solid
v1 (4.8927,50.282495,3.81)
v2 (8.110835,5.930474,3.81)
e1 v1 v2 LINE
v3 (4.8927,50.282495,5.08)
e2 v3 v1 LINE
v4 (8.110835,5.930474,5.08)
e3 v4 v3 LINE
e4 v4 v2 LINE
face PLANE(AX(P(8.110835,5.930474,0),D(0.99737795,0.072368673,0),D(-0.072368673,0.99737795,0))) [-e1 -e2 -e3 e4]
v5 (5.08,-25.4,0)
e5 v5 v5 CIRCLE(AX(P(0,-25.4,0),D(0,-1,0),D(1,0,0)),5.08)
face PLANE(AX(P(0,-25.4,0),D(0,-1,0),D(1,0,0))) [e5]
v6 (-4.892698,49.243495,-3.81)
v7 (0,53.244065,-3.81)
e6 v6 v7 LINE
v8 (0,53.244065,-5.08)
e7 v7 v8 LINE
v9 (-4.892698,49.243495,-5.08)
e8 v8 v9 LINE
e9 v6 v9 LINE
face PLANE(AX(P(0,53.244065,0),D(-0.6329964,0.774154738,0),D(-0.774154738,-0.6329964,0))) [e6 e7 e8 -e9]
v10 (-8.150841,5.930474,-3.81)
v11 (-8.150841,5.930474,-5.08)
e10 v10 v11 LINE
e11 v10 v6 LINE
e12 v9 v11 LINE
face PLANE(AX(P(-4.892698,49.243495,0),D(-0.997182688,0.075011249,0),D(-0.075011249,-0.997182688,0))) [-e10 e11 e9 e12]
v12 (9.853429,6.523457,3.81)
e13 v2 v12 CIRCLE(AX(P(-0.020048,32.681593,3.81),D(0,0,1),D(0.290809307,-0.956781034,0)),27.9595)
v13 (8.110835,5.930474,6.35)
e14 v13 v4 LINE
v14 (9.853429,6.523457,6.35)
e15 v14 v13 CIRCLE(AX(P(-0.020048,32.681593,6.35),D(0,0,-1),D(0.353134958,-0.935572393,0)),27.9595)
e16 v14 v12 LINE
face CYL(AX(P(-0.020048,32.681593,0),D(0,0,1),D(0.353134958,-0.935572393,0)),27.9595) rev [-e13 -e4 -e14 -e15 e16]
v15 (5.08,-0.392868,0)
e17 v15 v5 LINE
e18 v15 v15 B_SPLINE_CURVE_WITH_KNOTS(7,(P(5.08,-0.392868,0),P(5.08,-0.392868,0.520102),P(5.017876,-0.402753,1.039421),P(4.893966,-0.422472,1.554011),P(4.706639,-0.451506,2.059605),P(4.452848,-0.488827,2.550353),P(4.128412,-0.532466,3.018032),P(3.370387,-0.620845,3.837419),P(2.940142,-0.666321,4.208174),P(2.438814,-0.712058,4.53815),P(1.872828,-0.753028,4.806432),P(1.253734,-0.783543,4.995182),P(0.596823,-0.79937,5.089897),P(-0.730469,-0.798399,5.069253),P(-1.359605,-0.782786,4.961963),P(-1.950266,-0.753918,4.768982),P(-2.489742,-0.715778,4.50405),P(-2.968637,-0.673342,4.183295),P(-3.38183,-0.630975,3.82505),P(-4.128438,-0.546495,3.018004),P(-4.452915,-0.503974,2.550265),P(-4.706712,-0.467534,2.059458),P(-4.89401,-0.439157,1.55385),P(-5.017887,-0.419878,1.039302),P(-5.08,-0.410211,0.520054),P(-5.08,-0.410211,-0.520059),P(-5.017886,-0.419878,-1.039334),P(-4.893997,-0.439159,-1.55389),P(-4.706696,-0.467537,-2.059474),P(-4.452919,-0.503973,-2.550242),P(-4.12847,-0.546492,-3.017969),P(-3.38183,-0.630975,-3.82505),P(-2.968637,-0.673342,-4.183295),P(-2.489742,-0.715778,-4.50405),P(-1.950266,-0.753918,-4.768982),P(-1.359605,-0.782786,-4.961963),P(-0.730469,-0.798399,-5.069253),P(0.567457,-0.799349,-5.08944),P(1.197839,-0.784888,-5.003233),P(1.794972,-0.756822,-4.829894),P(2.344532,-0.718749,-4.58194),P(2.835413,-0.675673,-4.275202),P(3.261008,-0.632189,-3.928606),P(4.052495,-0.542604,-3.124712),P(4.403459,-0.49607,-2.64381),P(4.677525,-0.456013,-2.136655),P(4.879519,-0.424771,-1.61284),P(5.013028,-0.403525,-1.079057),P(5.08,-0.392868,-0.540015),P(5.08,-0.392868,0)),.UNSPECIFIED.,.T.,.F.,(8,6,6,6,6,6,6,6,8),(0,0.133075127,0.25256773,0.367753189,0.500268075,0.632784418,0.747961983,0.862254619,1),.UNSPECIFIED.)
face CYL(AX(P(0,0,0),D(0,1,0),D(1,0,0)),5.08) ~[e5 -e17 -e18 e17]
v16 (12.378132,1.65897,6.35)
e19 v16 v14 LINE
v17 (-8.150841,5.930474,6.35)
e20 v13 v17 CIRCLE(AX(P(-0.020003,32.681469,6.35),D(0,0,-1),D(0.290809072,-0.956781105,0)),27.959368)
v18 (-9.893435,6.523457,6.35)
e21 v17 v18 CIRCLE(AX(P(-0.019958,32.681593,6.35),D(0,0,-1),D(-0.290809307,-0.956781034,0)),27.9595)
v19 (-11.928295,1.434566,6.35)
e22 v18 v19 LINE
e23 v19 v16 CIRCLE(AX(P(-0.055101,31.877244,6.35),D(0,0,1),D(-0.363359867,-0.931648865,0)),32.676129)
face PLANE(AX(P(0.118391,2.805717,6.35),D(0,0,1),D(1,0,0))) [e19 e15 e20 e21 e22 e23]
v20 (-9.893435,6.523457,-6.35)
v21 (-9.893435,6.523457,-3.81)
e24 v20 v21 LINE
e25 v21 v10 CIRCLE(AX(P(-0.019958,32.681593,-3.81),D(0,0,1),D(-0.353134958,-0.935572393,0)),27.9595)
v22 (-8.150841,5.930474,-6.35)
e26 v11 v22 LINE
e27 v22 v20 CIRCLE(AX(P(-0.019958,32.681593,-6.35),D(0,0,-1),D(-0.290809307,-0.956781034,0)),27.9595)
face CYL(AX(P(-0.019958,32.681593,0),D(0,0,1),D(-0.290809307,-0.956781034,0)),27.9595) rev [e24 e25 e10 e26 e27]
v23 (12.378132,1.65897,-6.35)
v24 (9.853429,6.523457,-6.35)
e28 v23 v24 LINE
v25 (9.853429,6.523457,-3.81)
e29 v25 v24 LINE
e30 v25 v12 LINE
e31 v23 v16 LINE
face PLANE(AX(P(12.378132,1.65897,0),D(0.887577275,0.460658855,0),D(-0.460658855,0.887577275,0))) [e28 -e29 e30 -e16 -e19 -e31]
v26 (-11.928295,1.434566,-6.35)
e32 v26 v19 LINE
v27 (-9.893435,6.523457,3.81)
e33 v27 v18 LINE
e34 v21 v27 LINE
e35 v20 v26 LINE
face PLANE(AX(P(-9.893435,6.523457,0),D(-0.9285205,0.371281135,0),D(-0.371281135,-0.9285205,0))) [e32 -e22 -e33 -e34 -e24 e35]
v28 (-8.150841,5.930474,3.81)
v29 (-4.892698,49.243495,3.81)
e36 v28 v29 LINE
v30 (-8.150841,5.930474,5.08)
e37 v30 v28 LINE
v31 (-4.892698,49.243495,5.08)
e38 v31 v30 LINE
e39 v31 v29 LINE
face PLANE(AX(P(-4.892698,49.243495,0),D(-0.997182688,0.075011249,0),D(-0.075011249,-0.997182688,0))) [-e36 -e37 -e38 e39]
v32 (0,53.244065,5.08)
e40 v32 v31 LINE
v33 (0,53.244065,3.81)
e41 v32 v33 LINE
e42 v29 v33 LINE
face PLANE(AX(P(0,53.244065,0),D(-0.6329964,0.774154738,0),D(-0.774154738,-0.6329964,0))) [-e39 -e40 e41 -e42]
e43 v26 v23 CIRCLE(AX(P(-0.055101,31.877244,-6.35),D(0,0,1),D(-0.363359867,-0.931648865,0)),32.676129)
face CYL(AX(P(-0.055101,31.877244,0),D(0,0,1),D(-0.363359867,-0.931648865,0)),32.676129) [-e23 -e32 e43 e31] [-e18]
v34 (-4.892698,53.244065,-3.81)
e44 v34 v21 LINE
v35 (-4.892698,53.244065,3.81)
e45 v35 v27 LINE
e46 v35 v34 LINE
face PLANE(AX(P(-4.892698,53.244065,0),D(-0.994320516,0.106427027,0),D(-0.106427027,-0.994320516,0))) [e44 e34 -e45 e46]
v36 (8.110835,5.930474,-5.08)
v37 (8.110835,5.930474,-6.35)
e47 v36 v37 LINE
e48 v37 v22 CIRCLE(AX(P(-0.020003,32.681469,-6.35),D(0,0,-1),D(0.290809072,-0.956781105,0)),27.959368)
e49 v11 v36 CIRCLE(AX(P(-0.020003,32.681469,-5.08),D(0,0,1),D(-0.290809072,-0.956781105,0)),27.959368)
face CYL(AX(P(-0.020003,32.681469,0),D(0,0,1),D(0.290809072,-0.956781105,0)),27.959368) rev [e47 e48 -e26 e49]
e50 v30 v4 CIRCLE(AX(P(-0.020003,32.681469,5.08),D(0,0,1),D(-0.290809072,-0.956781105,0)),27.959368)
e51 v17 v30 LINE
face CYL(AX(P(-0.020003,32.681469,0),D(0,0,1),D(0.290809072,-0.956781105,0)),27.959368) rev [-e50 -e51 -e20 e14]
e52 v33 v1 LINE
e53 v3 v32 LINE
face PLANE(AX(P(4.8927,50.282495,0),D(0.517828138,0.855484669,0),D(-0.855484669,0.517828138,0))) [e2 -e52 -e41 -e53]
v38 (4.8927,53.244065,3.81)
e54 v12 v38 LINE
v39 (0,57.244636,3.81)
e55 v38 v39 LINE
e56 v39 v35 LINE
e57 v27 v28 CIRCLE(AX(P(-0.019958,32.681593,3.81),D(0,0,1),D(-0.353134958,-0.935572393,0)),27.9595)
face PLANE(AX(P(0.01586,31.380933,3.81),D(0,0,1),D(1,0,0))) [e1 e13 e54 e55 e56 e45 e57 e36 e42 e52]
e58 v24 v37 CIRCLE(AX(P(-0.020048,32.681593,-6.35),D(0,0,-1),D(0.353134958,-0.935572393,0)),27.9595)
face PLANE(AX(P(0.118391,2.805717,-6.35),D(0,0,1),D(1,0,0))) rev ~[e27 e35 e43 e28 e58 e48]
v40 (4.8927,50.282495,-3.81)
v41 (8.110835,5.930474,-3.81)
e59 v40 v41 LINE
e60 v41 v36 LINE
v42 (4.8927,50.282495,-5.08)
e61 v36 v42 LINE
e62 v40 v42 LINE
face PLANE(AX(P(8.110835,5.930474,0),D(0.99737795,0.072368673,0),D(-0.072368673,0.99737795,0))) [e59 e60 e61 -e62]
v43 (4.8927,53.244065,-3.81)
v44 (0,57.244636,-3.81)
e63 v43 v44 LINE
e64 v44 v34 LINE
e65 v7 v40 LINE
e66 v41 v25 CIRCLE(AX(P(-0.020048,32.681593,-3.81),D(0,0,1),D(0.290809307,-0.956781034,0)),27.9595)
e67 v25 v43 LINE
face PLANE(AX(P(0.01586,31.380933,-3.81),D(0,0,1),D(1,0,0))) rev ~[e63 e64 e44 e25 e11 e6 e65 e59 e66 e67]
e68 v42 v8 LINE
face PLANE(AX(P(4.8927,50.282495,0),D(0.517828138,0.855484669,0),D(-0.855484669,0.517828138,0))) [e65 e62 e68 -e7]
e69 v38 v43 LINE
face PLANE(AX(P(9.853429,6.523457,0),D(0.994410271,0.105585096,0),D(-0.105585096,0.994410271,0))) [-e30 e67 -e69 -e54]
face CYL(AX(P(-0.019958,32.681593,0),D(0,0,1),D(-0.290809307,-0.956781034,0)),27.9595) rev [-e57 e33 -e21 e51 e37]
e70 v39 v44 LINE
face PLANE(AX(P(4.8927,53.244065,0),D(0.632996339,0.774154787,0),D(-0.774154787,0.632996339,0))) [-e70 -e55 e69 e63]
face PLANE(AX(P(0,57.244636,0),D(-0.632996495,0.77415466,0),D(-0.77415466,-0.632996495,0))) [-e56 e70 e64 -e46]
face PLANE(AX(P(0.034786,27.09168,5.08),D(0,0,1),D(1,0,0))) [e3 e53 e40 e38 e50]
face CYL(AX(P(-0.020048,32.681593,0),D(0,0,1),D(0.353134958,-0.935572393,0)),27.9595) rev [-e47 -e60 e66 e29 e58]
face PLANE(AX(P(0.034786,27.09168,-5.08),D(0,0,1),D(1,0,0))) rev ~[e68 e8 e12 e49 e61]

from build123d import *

# Parameters (mm, degrees)
F1_DEPTH = 6.35
F2_R     = 5.08
F3_DEPTH = 25.4
F4_DEPTH = 3.81
F5_DEPTH = 5.08


with BuildPart() as f1:
    # F0 (on Top) → F1 (new body, symmetric)
    with BuildSketch(Plane.XY):
        with BuildLine():
            ThreePointArc((-8.150841, 5.930474), (-9.027019, 6.212621), (-9.893435, 6.523457))
            Line((-9.893435, 6.523457), (-11.928295, 1.434566))
            ThreePointArc((-11.928295, 1.434566), (0.246561, -0.797492), (12.378132, 1.65897))
            Line((12.378132, 1.65897), (9.853429, 6.523457))
            ThreePointArc((9.853429, 6.523457), (8.987013, 6.212621), (8.110835, 5.930474))
            ThreePointArc((8.110835, 5.930474), (-0.020003, 4.722101), (-8.150841, 5.930474))
        make_face()
    extrude(amount=F1_DEPTH, both=True)

    # F2 (on Front) → F3 (join)
    with BuildSketch(Plane.XZ):
        Circle(F2_R)
    extrude(amount=F3_DEPTH)

    # F0 (on Top) → F4 (join, symmetric)
    with BuildSketch(Plane.XY):
        with BuildLine():
            Line((-4.892698, 53.244065), (-9.893435, 6.523457))
            ThreePointArc((-9.893435, 6.523457), (-9.027019, 6.212621), (-8.150841, 5.930474))
            Line((-8.150841, 5.930474), (-4.892698, 49.243495))
            Line((-4.892698, 49.243495), (0, 53.244065))
            Line((0, 53.244065), (4.8927, 50.282495))
            Line((4.8927, 50.282495), (8.110835, 5.930474))
            ThreePointArc((8.110835, 5.930474), (8.987013, 6.212621), (9.853429, 6.523457))
            Line((9.853429, 6.523457), (4.8927, 53.244065))
            Line((4.8927, 53.244065), (0, 57.244636))
            Line((0, 57.244636), (-4.892698, 53.244065))
        make_face()
    extrude(amount=F4_DEPTH, both=True)

    # F0 (on Top) → F5 (join, symmetric)
    with BuildSketch(Plane.XY):
        with BuildLine():
            Line((-4.892698, 49.243495), (-8.150841, 5.930474))
            ThreePointArc((-8.150841, 5.930474), (-0.020003, 4.722101), (8.110835, 5.930474))
            Line((8.110835, 5.930474), (4.8927, 50.282495))
            Line((4.8927, 50.282495), (0, 53.244065))
            Line((0, 53.244065), (-4.892698, 49.243495))
        make_face()
    extrude(amount=F5_DEPTH, both=True)


solid = f1.part
